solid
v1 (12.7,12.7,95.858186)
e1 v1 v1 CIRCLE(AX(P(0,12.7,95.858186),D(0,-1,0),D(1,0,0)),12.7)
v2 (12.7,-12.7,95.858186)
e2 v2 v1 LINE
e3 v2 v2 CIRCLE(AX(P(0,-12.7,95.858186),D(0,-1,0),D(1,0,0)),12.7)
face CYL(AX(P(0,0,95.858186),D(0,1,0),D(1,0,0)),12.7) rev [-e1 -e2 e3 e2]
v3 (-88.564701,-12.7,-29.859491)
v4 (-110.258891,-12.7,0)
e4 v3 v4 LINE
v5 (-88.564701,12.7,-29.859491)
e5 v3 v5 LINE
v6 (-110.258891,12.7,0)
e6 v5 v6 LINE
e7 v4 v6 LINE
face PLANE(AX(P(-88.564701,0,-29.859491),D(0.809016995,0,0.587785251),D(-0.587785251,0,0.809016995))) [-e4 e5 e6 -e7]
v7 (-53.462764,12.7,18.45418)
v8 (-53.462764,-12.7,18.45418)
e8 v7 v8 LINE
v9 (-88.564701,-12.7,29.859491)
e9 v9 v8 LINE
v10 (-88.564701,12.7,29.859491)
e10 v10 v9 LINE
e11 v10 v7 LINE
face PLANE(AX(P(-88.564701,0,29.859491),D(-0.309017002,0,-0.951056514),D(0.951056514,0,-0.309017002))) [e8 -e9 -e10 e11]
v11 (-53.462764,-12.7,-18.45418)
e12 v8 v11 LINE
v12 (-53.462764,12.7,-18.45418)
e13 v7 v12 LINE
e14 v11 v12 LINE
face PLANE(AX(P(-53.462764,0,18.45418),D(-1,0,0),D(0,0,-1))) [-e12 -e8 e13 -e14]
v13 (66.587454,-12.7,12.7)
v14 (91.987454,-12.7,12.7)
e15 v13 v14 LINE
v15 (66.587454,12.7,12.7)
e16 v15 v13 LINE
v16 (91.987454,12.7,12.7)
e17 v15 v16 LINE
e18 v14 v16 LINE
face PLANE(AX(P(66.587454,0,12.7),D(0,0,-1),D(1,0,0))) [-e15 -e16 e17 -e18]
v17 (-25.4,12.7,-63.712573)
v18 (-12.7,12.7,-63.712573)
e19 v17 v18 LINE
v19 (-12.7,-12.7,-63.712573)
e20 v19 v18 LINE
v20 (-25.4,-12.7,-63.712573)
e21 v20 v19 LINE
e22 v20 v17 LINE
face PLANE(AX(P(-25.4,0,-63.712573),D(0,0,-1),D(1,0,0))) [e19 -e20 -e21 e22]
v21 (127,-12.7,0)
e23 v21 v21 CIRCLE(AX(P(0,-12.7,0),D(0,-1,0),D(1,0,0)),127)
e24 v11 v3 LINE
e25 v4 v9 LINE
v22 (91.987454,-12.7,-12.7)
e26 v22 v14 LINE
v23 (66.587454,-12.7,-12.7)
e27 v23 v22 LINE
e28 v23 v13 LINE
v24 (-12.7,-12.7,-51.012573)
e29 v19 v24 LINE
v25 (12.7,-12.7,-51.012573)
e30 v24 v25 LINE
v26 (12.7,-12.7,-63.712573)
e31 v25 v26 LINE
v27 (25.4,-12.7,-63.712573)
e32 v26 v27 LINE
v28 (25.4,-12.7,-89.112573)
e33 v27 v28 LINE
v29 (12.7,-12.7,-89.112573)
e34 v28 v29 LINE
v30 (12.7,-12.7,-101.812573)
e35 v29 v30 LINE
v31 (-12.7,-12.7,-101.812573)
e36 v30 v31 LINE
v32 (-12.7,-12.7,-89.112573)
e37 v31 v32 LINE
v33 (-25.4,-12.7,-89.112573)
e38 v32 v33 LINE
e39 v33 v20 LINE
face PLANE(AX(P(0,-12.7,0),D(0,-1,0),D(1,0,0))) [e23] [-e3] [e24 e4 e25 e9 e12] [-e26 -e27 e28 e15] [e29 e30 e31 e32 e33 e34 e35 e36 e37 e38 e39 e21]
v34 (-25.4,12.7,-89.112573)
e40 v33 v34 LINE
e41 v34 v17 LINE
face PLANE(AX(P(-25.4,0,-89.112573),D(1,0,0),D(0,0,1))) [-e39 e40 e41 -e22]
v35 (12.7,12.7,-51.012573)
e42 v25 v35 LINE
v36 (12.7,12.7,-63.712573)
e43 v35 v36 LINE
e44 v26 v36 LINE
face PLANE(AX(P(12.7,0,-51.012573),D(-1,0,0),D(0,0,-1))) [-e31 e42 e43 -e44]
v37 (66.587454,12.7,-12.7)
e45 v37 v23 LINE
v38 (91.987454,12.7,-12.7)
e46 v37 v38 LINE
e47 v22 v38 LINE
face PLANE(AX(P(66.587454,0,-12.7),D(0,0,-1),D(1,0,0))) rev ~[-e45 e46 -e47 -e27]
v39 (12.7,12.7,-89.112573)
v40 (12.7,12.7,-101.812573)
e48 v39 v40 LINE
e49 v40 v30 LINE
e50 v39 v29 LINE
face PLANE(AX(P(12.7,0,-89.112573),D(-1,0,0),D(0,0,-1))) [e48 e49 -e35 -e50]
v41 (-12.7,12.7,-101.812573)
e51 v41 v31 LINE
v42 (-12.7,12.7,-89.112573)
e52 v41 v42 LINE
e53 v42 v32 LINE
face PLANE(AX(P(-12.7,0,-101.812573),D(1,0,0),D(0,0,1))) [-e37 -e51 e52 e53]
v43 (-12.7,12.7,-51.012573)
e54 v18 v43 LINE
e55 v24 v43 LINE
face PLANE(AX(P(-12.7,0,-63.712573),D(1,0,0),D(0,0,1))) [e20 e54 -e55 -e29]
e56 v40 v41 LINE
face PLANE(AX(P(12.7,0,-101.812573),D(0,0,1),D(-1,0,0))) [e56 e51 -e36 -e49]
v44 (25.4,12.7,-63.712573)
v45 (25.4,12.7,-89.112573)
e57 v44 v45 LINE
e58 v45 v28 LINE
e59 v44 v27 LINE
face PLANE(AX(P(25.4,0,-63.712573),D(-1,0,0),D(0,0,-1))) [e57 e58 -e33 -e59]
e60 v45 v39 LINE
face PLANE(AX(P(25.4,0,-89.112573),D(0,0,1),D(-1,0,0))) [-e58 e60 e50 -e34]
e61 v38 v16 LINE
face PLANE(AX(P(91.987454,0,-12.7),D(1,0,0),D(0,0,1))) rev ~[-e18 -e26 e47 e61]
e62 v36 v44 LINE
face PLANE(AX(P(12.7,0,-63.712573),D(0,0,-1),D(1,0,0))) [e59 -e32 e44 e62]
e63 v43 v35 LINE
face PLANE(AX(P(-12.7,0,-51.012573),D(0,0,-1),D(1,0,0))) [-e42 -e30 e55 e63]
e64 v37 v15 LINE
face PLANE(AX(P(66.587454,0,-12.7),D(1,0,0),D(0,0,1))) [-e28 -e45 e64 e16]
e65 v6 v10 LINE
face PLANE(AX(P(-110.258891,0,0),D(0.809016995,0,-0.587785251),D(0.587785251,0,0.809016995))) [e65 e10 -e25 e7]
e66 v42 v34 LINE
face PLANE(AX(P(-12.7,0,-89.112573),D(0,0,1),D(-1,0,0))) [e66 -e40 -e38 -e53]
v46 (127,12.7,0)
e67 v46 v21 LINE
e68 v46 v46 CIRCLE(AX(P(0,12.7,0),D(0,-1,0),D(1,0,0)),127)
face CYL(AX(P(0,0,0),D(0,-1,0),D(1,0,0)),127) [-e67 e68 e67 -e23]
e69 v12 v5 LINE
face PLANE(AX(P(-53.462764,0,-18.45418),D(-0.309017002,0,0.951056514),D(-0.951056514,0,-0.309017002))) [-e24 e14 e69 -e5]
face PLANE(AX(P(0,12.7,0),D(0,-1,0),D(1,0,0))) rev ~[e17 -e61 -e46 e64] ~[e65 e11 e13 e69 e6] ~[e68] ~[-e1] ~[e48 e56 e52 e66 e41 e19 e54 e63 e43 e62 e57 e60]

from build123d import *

# Parameters (mm, degrees)
F0_R     = 127
F0_W     = 25.4
F0_H     = 25.4
F0_R_2   = 12.7
F1_DEPTH = 12.7


with BuildPart() as f1:
    # F0 (on Front) → F1 (new body, symmetric)
    with BuildSketch(Plane.XZ):
        Circle(F0_R)
        Polygon((25.4, -63.712573), (25.4, -89.112573), (12.7, -89.112573), (12.7, -101.812573), (-12.7, -101.812573), (-12.7, -89.112573), (-25.4, -89.112573), (-25.4, -63.712573), (-12.7, -63.712573), (-12.7, -51.012573), (12.7, -51.012573), (12.7, -63.712573), align=None, mode=Mode.SUBTRACT)
        Polygon((-88.564701, 29.859491), (-53.462764, 18.45418), (-53.462764, -18.45418), (-88.564701, -29.859491), (-110.258891, 0), align=None, mode=Mode.SUBTRACT)
        with Locations((79.287454, 0)):
            Rectangle(F0_W, F0_H, mode=Mode.SUBTRACT)
        with Locations((0, 95.858186)):
            Circle(F0_R_2, mode=Mode.SUBTRACT)
    extrude(amount=F1_DEPTH, both=True)


solid = f1.part
